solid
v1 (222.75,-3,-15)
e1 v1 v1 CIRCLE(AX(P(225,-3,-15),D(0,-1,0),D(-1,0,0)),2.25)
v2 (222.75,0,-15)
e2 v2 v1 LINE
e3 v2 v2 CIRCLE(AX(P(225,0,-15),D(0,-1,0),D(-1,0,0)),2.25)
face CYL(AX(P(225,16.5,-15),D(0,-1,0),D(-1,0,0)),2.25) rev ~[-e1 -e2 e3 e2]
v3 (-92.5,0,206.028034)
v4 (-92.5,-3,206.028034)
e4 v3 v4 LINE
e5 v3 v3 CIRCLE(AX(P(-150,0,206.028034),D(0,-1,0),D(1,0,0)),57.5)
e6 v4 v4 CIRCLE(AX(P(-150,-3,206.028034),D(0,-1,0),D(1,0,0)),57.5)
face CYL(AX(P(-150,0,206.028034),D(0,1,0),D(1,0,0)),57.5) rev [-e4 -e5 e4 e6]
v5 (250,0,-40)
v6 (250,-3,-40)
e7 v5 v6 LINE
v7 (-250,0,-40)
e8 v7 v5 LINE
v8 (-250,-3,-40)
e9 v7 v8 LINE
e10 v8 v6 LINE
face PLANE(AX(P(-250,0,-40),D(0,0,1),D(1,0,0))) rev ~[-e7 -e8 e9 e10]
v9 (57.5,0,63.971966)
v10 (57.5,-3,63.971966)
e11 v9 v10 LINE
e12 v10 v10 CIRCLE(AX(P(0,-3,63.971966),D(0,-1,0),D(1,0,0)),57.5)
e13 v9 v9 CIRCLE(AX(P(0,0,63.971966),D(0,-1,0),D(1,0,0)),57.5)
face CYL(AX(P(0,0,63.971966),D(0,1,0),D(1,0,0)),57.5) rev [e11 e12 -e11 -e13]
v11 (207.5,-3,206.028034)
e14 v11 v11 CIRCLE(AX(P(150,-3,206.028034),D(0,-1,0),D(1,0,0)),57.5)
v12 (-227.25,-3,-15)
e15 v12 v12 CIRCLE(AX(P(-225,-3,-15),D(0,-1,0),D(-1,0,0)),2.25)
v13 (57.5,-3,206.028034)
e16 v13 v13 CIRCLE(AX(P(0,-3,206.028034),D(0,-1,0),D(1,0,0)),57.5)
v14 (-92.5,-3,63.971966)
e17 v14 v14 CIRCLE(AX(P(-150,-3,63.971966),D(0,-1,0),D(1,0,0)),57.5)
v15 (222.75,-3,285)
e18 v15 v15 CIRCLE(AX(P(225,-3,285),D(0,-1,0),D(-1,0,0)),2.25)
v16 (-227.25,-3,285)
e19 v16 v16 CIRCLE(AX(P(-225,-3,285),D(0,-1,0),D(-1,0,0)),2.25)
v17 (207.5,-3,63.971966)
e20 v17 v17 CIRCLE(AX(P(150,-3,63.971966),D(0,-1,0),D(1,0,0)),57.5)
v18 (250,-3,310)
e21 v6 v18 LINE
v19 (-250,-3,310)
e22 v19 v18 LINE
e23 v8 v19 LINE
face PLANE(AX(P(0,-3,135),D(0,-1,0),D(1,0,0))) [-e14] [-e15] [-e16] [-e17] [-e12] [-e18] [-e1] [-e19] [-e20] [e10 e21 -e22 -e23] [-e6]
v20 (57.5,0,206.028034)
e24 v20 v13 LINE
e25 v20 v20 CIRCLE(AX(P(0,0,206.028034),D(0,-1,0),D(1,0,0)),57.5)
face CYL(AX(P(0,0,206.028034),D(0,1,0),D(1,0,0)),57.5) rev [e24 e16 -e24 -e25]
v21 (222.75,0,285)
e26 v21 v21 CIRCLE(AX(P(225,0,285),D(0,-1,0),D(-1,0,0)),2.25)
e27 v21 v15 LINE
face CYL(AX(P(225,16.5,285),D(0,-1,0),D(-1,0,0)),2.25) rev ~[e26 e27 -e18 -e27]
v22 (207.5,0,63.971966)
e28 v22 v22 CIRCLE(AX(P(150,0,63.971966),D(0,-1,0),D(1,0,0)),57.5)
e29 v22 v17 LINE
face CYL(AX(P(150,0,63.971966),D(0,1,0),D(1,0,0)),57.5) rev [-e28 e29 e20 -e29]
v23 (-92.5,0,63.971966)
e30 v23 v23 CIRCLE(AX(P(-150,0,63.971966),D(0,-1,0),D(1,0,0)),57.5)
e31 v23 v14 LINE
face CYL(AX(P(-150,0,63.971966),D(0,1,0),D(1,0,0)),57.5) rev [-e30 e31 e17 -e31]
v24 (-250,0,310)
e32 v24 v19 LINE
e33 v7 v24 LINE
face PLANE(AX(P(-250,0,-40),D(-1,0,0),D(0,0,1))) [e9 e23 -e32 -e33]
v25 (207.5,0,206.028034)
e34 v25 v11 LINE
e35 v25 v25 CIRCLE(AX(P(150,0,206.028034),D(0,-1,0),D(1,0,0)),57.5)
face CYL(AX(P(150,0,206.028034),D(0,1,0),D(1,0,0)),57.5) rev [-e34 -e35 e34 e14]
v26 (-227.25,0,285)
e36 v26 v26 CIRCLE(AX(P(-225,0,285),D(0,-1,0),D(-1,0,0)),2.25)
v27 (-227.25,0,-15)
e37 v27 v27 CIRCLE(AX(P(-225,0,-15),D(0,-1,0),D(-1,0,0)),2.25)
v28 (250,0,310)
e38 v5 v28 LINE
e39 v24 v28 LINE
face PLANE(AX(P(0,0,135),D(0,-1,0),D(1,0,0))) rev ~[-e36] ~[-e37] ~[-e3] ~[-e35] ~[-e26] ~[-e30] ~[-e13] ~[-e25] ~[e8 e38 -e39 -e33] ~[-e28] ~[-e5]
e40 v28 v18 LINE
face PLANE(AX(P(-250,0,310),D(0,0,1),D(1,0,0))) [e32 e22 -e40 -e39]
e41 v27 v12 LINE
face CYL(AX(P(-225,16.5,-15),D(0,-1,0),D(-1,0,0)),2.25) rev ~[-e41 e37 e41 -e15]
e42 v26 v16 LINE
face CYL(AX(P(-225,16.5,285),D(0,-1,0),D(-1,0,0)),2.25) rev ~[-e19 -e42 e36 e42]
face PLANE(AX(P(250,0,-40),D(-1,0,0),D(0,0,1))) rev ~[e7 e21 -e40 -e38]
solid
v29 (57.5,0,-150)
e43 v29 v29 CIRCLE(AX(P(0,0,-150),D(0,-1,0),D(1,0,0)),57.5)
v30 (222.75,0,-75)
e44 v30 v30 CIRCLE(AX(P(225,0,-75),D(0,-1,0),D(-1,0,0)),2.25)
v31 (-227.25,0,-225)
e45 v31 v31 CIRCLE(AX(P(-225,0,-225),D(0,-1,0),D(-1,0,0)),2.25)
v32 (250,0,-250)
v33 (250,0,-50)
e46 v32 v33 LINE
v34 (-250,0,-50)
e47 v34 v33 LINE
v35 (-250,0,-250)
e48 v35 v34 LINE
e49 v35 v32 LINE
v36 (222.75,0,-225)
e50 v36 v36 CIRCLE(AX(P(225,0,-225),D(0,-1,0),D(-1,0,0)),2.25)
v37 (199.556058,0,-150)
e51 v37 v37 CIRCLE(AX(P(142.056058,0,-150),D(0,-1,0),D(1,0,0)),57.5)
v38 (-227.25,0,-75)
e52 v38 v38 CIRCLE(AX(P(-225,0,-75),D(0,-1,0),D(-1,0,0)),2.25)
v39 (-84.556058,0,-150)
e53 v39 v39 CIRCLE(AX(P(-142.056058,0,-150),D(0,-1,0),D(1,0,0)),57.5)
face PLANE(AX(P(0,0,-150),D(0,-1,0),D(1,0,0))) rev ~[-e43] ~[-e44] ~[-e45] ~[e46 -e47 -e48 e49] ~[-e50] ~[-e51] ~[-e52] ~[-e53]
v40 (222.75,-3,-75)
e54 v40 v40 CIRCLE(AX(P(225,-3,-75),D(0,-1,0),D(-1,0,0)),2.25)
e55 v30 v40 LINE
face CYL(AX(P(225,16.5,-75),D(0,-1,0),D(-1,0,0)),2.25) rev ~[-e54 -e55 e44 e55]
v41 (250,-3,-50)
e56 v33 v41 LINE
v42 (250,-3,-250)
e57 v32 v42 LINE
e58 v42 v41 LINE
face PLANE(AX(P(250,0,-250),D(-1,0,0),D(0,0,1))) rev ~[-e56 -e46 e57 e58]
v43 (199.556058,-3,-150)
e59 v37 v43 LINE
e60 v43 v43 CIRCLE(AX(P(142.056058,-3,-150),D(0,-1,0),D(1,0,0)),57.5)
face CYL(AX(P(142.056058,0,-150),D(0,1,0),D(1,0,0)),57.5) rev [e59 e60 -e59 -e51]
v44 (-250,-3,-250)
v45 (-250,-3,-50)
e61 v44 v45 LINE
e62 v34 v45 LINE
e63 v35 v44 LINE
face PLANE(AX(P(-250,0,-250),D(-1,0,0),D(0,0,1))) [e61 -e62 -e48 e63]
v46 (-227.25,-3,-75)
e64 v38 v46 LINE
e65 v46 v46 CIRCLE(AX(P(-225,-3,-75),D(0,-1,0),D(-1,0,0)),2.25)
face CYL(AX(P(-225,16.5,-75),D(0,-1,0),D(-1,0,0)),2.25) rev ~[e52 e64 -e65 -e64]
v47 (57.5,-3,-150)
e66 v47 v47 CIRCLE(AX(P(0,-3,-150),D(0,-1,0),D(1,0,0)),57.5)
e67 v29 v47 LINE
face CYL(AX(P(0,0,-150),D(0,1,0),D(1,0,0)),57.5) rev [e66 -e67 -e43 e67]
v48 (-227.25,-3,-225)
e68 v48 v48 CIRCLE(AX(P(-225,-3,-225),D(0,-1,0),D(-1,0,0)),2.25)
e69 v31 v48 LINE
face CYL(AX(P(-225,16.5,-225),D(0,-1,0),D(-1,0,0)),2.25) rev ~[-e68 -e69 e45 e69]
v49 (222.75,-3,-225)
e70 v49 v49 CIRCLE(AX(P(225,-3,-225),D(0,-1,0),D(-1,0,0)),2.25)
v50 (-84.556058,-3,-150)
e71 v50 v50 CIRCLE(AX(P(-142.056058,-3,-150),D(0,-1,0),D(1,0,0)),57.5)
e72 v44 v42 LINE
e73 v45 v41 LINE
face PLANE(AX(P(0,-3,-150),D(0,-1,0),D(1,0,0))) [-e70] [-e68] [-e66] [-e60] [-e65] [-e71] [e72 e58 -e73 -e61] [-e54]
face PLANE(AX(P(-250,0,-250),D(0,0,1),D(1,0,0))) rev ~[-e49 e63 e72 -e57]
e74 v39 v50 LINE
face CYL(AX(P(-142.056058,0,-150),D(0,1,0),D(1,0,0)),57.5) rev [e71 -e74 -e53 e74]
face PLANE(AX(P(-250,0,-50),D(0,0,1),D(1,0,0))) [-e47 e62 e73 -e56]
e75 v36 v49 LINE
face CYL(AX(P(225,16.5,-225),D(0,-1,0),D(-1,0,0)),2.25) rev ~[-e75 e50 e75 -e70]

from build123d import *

# Parameters (mm, degrees)
F0_W       = 500
F0_H       = 200
F0_R       = 57.5
F1_DEPTH   = 3
F0_H_2     = 350
F2_D       = 4.5
F2_DEPTH   = 16.5
F2_TIP     = 1.3519363928
F2_2_D     = 4.5
F2_2_DEPTH = 16.5
F2_2_TIP   = 1.3519363928


with BuildPart() as f1:
    # F0 (on Front) → F1 (new body)
    with BuildSketch(Plane.XZ):
        with Locations((0, -150)):
            Rectangle(F0_W, F0_H)
        with Locations((-142.0560575161, -150)):
            Circle(F0_R, mode=Mode.SUBTRACT)
        with Locations((0, -150)):
            Circle(F0_R, mode=Mode.SUBTRACT)
        with Locations((142.0560575161, -150)):
            Circle(F0_R, mode=Mode.SUBTRACT)
    extrude(amount=F1_DEPTH)

    # F2
    with Locations(Plane(origin=(0, 0, 0), x_dir=(1, 0, 0), z_dir=(0, 1, 0))):
        with Locations((225, -285), (225, 15), (-225, 15), (-225, -285), (-225, 225), (-225, 75), (225, 75), (225, 225)):
            Hole(F2_D / 2, depth=F2_DEPTH)
            with Locations((0, 0, -(F2_DEPTH + F2_TIP / 2))):  # 118° drill point
                Cone(0, F2_D / 2, F2_TIP, mode=Mode.SUBTRACT)


with BuildPart() as f1b:
    # F0 (on Front) → F1, piece 2 (new body)
    with BuildSketch(Plane.XZ):
        with Locations((0, 135)):
            Rectangle(F0_W, F0_H_2)
        with Locations((-150, 63.971966333)):
            Circle(F0_R, mode=Mode.SUBTRACT)
        with Locations((-150, 206.028033667)):
            Circle(F0_R, mode=Mode.SUBTRACT)
        with Locations((0, 63.971966333)):
            Circle(F0_R, mode=Mode.SUBTRACT)
        with Locations((150, 63.971966333)):
            Circle(F0_R, mode=Mode.SUBTRACT)
        with Locations((0, 206.028033667)):
            Circle(F0_R, mode=Mode.SUBTRACT)
        with Locations((150, 206.028033667)):
            Circle(F0_R, mode=Mode.SUBTRACT)
    extrude(amount=F1_DEPTH)

    # F2#2
    with Locations(Plane(origin=(0, 0, 0), x_dir=(1, 0, 0), z_dir=(0, 1, 0))):
        with Locations((225, -285), (225, 15), (-225, 15), (-225, -285), (-225, 225), (-225, 75), (225, 75), (225, 225)):
            Hole(F2_2_D / 2, depth=F2_2_DEPTH)
            with Locations((0, 0, -(F2_2_DEPTH + F2_2_TIP / 2))):  # 118° drill point
                Cone(0, F2_2_D / 2, F2_2_TIP, mode=Mode.SUBTRACT)


solid = Compound([f1.part, f1b.part])
